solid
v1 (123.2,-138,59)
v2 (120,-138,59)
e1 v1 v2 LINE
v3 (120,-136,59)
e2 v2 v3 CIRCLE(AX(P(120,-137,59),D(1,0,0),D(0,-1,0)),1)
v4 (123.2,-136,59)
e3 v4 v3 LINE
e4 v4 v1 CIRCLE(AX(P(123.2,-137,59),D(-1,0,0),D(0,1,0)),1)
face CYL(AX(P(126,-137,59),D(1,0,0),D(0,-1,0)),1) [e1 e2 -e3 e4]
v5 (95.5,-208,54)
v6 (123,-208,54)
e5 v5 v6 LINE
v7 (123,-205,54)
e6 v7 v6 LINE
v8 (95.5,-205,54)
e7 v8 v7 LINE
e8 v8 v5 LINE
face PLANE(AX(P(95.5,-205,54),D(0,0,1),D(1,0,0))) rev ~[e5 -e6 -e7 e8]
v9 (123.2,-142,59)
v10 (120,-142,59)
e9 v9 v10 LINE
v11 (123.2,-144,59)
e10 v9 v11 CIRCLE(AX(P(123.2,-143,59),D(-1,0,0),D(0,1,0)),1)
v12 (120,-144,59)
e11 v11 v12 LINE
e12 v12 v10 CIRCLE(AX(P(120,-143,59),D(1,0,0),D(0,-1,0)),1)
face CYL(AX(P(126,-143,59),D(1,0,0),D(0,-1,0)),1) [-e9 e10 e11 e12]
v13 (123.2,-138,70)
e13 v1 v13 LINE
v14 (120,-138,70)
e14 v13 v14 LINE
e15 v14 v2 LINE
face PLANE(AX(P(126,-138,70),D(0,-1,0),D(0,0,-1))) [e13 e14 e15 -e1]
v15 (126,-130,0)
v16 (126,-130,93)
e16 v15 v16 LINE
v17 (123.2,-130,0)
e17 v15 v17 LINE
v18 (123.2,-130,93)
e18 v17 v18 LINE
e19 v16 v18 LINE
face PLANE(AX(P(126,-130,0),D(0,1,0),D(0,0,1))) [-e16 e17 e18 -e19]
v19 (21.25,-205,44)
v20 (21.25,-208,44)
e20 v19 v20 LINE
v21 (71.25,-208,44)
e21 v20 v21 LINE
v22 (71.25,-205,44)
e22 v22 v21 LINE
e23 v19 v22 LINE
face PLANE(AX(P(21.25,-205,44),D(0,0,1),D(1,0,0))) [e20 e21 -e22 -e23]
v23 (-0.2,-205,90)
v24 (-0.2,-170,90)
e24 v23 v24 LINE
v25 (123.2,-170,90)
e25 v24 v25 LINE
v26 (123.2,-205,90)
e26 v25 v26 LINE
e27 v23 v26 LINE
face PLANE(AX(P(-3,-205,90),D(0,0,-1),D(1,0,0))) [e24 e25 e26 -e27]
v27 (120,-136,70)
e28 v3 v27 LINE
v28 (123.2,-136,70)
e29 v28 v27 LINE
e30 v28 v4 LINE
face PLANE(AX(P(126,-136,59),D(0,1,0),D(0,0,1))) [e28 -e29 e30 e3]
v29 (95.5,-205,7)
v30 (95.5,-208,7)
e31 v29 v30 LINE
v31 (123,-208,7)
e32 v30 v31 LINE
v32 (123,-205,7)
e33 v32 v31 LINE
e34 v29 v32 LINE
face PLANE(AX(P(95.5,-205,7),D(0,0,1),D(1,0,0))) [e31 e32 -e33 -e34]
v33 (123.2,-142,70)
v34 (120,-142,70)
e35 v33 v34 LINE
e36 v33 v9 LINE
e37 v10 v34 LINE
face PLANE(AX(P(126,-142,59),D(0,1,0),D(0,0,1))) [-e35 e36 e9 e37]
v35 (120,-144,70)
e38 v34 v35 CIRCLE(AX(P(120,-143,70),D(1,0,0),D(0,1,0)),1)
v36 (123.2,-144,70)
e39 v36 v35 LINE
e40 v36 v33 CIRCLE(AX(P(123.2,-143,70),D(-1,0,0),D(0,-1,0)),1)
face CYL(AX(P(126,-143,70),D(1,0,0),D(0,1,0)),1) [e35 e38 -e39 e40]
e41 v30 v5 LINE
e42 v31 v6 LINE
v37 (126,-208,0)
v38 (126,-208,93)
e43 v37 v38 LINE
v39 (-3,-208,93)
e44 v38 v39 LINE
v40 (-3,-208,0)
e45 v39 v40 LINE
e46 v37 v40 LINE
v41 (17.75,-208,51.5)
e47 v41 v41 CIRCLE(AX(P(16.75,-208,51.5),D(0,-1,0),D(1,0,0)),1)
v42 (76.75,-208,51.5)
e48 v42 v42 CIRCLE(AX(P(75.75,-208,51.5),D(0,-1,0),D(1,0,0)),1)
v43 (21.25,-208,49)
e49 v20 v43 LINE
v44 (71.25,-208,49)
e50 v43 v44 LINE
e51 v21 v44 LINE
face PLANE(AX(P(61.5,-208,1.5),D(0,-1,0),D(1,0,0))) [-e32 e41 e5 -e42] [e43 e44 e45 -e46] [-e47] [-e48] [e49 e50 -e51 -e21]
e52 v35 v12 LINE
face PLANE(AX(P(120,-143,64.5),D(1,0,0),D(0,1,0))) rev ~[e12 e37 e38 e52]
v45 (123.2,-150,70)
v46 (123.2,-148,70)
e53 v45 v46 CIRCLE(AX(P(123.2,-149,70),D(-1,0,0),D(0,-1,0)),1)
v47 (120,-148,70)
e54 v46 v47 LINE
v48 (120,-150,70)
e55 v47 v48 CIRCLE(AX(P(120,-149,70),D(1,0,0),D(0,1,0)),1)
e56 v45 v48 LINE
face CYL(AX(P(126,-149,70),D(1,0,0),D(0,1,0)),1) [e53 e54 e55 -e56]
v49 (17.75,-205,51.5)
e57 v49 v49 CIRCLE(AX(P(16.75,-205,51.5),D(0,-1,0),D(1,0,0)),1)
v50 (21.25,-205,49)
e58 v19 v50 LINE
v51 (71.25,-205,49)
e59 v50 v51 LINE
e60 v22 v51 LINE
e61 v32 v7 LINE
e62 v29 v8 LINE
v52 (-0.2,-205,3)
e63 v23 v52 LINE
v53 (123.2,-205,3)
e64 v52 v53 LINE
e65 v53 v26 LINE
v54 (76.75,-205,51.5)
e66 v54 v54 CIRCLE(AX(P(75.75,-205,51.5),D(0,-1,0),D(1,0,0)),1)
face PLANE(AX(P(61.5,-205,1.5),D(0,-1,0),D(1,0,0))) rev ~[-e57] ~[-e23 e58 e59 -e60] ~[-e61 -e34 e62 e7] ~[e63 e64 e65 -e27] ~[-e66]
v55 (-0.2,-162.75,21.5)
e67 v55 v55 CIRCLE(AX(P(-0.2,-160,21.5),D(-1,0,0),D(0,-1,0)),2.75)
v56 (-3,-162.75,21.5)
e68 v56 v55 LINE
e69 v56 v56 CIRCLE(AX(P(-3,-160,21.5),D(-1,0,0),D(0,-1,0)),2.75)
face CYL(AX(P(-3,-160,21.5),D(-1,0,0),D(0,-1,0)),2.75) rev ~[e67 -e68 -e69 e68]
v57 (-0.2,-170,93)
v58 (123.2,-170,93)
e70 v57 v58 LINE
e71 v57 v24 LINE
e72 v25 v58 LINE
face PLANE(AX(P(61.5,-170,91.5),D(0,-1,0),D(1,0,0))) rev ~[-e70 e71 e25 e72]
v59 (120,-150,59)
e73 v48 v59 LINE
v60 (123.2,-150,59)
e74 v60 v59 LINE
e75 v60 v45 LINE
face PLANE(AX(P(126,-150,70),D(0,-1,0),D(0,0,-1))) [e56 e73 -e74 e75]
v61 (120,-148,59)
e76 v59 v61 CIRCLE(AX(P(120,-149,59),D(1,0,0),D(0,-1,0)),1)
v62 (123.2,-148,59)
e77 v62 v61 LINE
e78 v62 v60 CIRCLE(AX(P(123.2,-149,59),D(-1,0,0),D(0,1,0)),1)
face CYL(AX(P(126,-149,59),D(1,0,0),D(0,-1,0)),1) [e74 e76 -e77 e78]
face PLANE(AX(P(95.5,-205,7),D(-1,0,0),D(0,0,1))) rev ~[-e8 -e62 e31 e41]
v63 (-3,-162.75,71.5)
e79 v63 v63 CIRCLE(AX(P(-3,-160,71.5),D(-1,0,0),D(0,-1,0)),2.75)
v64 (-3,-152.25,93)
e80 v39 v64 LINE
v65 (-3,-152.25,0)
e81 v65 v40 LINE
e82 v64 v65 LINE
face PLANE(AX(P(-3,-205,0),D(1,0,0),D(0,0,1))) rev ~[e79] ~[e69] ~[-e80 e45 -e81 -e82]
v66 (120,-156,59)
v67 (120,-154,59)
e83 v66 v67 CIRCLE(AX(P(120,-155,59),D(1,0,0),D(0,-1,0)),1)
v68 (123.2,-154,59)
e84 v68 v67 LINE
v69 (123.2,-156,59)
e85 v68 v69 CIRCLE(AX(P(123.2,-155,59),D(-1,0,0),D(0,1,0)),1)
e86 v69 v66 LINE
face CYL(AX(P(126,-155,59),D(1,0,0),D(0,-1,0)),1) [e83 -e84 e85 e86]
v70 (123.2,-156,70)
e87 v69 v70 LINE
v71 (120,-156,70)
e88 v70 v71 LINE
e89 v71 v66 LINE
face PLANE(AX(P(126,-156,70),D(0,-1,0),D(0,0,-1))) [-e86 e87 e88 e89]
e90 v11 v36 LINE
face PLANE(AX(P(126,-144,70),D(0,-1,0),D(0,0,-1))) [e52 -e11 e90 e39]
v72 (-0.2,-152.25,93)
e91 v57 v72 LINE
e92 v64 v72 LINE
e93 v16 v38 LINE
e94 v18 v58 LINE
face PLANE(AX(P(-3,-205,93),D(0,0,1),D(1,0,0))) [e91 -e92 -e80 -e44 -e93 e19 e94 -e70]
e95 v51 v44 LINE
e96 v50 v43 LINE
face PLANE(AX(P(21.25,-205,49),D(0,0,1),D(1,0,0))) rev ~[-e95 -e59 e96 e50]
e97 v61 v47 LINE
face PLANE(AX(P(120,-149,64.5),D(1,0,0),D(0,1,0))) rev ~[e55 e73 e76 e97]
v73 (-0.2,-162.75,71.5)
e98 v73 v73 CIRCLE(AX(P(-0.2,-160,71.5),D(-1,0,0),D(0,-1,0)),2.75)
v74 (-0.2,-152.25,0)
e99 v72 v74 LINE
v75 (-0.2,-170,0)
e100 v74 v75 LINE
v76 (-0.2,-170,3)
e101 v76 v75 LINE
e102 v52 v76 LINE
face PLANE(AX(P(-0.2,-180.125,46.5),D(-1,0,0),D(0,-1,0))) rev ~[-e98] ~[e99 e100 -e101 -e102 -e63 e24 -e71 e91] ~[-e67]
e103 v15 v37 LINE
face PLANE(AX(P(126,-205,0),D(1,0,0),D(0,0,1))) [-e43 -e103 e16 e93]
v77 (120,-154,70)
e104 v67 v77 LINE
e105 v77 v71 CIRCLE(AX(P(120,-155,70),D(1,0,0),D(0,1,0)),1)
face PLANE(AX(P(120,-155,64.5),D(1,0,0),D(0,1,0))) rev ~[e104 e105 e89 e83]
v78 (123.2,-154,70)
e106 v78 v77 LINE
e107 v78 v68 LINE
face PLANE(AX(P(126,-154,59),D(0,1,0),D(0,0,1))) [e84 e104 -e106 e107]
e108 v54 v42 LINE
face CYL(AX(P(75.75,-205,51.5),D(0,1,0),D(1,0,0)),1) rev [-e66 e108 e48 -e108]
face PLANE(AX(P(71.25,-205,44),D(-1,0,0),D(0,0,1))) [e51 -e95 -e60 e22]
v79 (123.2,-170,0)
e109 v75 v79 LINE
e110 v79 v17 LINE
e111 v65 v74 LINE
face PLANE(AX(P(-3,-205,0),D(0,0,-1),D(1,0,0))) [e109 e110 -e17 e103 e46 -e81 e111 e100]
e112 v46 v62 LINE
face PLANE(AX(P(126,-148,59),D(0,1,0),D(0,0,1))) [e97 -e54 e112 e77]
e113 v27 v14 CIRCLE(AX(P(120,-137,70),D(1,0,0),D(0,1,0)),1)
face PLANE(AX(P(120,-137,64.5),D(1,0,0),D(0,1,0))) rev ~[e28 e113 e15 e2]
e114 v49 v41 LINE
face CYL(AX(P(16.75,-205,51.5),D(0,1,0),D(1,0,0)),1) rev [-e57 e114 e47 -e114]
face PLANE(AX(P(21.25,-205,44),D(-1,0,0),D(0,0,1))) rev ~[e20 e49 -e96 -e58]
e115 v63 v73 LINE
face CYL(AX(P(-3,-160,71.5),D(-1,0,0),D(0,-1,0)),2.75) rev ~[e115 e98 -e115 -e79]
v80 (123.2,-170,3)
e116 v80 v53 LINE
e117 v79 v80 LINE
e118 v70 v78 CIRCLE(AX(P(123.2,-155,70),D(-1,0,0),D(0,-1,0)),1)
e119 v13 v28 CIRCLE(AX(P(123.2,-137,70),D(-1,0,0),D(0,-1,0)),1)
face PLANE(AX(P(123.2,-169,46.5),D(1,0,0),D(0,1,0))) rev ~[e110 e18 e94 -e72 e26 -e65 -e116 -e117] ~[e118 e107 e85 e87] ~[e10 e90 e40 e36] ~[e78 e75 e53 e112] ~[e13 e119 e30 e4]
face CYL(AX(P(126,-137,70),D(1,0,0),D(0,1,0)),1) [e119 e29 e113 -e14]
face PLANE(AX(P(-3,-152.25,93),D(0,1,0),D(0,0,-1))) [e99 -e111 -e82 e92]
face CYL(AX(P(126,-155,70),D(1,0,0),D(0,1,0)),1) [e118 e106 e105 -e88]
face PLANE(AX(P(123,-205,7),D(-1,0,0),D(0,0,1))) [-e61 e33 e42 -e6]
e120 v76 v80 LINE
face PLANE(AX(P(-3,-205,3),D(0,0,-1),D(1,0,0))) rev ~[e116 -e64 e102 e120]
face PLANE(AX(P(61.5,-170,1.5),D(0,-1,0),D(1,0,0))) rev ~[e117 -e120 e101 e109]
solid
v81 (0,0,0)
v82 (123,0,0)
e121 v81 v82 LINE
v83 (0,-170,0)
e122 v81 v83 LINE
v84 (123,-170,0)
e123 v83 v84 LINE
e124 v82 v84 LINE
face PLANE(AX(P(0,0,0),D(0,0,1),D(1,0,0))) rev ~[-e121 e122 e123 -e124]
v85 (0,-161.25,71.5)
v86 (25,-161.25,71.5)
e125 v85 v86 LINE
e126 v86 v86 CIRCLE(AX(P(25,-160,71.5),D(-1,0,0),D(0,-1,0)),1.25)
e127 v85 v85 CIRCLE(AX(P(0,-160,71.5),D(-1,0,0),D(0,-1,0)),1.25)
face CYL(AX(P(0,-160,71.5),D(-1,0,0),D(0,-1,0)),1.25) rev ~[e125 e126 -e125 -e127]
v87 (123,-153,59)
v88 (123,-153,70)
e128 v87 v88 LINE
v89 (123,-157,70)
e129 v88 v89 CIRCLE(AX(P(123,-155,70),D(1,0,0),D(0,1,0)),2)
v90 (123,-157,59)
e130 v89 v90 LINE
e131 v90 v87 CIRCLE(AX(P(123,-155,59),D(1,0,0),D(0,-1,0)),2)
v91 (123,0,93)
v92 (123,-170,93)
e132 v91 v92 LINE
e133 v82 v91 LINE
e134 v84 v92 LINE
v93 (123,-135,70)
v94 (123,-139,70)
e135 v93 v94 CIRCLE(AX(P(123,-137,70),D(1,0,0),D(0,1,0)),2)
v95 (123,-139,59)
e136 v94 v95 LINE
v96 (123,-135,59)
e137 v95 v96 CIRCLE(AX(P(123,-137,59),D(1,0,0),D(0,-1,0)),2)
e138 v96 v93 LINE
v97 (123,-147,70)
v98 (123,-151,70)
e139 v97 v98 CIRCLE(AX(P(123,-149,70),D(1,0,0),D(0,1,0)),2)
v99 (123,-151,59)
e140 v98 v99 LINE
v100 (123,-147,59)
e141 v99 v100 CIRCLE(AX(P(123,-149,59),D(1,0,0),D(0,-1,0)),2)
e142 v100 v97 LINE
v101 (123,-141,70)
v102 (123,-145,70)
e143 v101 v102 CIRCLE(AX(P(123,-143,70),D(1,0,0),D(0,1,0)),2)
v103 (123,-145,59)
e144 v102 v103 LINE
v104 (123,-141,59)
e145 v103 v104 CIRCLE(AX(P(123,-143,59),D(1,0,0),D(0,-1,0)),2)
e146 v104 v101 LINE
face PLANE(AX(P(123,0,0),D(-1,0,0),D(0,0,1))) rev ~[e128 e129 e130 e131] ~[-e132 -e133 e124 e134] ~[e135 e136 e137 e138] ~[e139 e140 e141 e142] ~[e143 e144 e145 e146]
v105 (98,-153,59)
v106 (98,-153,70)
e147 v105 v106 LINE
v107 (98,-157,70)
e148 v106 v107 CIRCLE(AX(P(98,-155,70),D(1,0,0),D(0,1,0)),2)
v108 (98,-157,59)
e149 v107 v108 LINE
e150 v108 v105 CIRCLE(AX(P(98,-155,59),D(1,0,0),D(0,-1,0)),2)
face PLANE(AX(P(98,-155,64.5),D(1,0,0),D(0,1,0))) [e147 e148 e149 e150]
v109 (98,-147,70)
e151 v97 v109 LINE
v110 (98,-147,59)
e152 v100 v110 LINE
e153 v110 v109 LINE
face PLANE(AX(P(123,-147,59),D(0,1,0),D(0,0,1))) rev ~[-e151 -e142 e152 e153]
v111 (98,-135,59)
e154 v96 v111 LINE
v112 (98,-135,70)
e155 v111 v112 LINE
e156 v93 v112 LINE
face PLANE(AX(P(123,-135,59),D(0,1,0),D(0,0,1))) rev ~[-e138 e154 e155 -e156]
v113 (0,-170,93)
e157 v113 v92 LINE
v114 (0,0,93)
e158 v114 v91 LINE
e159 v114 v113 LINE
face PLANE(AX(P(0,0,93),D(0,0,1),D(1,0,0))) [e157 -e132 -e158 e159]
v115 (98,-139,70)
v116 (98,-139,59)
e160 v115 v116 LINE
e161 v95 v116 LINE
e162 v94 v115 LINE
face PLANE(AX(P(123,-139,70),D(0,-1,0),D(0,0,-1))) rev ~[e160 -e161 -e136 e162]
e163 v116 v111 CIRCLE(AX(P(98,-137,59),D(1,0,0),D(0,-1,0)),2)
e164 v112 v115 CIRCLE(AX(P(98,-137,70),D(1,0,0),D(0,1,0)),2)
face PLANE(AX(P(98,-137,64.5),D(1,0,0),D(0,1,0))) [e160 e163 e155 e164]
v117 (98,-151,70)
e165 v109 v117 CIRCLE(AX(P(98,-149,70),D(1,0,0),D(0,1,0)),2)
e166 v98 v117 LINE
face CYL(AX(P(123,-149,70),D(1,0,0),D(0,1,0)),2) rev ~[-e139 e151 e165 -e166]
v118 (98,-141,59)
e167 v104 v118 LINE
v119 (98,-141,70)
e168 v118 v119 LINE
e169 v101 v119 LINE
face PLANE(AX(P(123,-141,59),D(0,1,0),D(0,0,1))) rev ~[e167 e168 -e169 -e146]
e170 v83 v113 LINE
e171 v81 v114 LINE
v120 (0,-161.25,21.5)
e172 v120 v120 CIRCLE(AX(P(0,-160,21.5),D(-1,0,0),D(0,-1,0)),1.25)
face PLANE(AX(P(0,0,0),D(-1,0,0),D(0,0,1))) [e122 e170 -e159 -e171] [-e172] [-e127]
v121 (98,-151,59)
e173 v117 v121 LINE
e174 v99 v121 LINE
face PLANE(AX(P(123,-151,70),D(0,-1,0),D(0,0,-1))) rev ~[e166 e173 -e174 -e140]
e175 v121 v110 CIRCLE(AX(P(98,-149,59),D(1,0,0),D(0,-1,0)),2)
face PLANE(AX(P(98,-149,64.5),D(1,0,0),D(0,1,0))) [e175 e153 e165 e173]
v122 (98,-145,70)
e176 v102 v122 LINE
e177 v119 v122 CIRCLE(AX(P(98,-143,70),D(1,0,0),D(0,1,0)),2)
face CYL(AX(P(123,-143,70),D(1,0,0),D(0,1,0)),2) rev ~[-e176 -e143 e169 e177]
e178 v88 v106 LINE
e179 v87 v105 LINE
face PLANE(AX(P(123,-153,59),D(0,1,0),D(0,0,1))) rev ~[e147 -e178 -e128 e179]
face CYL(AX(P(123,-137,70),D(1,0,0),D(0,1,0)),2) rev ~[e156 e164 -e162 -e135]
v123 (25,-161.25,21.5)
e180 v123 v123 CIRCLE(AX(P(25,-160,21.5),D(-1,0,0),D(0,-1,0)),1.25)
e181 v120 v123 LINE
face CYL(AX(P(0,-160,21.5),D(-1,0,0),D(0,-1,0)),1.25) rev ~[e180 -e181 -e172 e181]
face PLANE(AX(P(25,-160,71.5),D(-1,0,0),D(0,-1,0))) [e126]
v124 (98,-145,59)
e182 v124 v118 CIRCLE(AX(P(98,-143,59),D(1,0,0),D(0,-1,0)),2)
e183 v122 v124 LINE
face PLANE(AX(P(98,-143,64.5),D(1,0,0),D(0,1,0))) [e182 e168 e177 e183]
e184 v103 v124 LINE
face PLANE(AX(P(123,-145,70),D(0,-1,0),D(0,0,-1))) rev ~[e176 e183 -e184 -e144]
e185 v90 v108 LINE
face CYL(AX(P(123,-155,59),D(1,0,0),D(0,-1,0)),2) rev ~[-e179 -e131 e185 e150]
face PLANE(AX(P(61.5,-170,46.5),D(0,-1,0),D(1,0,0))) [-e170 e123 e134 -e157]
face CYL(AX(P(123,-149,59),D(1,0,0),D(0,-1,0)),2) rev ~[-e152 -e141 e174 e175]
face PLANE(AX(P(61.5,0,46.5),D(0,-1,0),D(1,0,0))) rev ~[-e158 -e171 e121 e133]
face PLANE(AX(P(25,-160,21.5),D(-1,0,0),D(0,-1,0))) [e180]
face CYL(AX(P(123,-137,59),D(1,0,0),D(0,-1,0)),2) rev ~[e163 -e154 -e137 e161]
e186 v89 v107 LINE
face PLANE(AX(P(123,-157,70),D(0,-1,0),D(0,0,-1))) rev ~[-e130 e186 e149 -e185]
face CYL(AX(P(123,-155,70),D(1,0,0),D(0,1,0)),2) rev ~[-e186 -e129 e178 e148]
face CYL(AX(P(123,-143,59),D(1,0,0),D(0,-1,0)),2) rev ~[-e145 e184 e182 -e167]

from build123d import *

# Parameters (mm, degrees)
F2_W      = 123
F2_H      = 93
F3_DEPTH  = 170
F4_R      = 1.25
F5_DEPTH  = 25
F7_DEPTH  = 25
F9_W      = 129
F9_H      = 3
F9_H_2    = 87
F9_W_2    = 27.5
F9_H_3    = 47
F9_R      = 1
F9_W_3    = 50
F9_H_4    = 5
F10_DEPTH = 3
F11_DEPTH = 35
F12_R     = 2.75
F14_DEPTH = 2.8
F17_DEPTH = 2.8
F18_DEPTH = 6


with BuildPart() as f3:
    # F2 (on Front) → F3 (new body)
    with BuildSketch(Plane.XZ):
        with Locations((61.5, 46.5)):
            Rectangle(F2_W, F2_H)
    extrude(amount=F3_DEPTH)

    # F4 (on face) → F5 (cut)
    with BuildSketch(Plane(origin=(0, 0, 0), x_dir=(0, -1, 0), z_dir=(-1, 0, 0))):
        with Locations((160, 71.5)):
            Circle(F4_R)
        with Locations((160, 21.5)):
            Circle(F4_R)
    extrude(amount=-F5_DEPTH, mode=Mode.SUBTRACT)

    # F6 (on face) → F7 (cut)
    with BuildSketch(Plane.YZ.offset(123)):
        with BuildLine():
            ThreePointArc((-153, 70), (-155, 72), (-157, 70))
            Line((-157, 70), (-157, 59))
            ThreePointArc((-157, 59), (-155, 57), (-153, 59))
            Line((-153, 59), (-153, 70))
        make_face()
        with BuildLine():
            Line((-147, 59), (-147, 70))
            ThreePointArc((-147, 70), (-149, 72), (-151, 70))
            Line((-151, 70), (-151, 59))
            ThreePointArc((-151, 59), (-149, 57), (-147, 59))
        make_face()
        with BuildLine():
            Line((-141, 59), (-141, 70))
            ThreePointArc((-141, 70), (-143, 72), (-145, 70))
            Line((-145, 70), (-145, 59))
            ThreePointArc((-145, 59), (-143, 57), (-141, 59))
        make_face()
        with BuildLine():
            Line((-135, 59), (-135, 70))
            ThreePointArc((-135, 70), (-137, 72), (-139, 70))
            Line((-139, 70), (-139, 59))
            ThreePointArc((-139, 59), (-137, 57), (-135, 59))
        make_face()
    extrude(amount=-F7_DEPTH, mode=Mode.SUBTRACT)


with BuildPart() as f10:
    # F9 (on offset) → F10 (new body)
    with BuildSketch(Plane.XZ.offset(205)):
        with Locations((61.5, 1.5)):
            Rectangle(F9_W, F9_H)
        with Locations((61.5, 46.5)):
            Rectangle(F9_W, F9_H_2)
        with Locations((109.25, 30.5)):
            Rectangle(F9_W_2, F9_H_3, mode=Mode.SUBTRACT)
        with Locations((16.75, 51.5)):
            Circle(F9_R, mode=Mode.SUBTRACT)
        with Locations((46.25, 46.5)):
            Rectangle(F9_W_3, F9_H_4, mode=Mode.SUBTRACT)
        with Locations((75.75, 51.5)):
            Circle(F9_R, mode=Mode.SUBTRACT)
        with Locations((61.5, 91.5)):
            Rectangle(F9_W, F9_H)
    extrude(amount=F10_DEPTH)



with BuildPart() as f11:
    # F9 (on offset) → F11 (new body, through all)
    with BuildSketch(Plane.XZ.offset(205)):
        with Locations((61.5, 91.5)):
            Rectangle(F9_W, F9_H)
        with Locations((61.5, 1.5)):
            Rectangle(F9_W, F9_H)
    extrude(amount=-F11_DEPTH)


with BuildPart() as f10_1:
    add(f10.part)

    add(f11.part)  # F14 merges F11
    # F12 (on face) → F14 (join, through all)
    with BuildSketch(Plane(origin=(-3, 0, 0), x_dir=(0, -1, 0), z_dir=(-1, 0, 0))):
        Polygon((208, 0), (208, 93), (170, 93), (152.25, 93), (152.25, 0), align=None)
        with Locations((160, 21.5)):
            Circle(F12_R, mode=Mode.SUBTRACT)
        with Locations((160, 71.5)):
            Circle(F12_R, mode=Mode.SUBTRACT)
    extrude(amount=-F14_DEPTH)

    # F15 (on face) → F17 (join, through all)
    with BuildSketch(Plane.YZ.offset(126)):
        Polygon((-170, 93), (-208, 93), (-208, 0), (-130, 0), (-130, 93), align=None)
        with BuildLine():
            Line((-156, 59), (-156, 70))
            ThreePointArc((-156, 70), (-155, 71), (-154, 70))
            Line((-154, 70), (-154, 59))
            ThreePointArc((-154, 59), (-155, 58), (-156, 59))
        make_face(mode=Mode.SUBTRACT)
        with BuildLine():
            Line((-150, 59), (-150, 70))
            ThreePointArc((-150, 70), (-149, 71), (-148, 70))
            Line((-148, 70), (-148, 59))
            ThreePointArc((-148, 59), (-149, 58), (-150, 59))
        make_face(mode=Mode.SUBTRACT)
        with BuildLine():
            Line((-144, 59), (-144, 70))
            ThreePointArc((-144, 70), (-143, 71), (-142, 70))
            Line((-142, 70), (-142, 59))
            ThreePointArc((-142, 59), (-143, 58), (-144, 59))
        make_face(mode=Mode.SUBTRACT)
        with BuildLine():
            Line((-138, 59), (-138, 70))
            ThreePointArc((-138, 70), (-137, 71), (-136, 70))
            Line((-136, 70), (-136, 59))
            ThreePointArc((-136, 59), (-137, 58), (-138, 59))
        make_face(mode=Mode.SUBTRACT)
    extrude(amount=-F17_DEPTH)

    # F15 (on face) → F18 (join)
    with BuildSketch(Plane.YZ.offset(126)):
        with BuildLine():
            ThreePointArc((-154, 70), (-155, 71), (-156, 70))
            Line((-156, 70), (-156, 59))
            ThreePointArc((-156, 59), (-155, 58), (-154, 59))
            Line((-154, 59), (-154, 70))
        make_face()
        with BuildLine():
            ThreePointArc((-148, 70), (-149, 71), (-150, 70))
            Line((-150, 70), (-150, 59))
            ThreePointArc((-150, 59), (-149, 58), (-148, 59))
            Line((-148, 59), (-148, 70))
        make_face()
        with BuildLine():
            ThreePointArc((-142, 70), (-143, 71), (-144, 70))
            Line((-144, 70), (-144, 59))
            ThreePointArc((-144, 59), (-143, 58), (-142, 59))
            Line((-142, 59), (-142, 70))
        make_face()
        with BuildLine():
            ThreePointArc((-136, 70), (-137, 71), (-138, 70))
            Line((-138, 70), (-138, 59))
            ThreePointArc((-138, 59), (-137, 58), (-136, 59))
            Line((-136, 59), (-136, 70))
        make_face()
    extrude(amount=-F18_DEPTH)


solid = Compound([f3.part, f10_1.part])
